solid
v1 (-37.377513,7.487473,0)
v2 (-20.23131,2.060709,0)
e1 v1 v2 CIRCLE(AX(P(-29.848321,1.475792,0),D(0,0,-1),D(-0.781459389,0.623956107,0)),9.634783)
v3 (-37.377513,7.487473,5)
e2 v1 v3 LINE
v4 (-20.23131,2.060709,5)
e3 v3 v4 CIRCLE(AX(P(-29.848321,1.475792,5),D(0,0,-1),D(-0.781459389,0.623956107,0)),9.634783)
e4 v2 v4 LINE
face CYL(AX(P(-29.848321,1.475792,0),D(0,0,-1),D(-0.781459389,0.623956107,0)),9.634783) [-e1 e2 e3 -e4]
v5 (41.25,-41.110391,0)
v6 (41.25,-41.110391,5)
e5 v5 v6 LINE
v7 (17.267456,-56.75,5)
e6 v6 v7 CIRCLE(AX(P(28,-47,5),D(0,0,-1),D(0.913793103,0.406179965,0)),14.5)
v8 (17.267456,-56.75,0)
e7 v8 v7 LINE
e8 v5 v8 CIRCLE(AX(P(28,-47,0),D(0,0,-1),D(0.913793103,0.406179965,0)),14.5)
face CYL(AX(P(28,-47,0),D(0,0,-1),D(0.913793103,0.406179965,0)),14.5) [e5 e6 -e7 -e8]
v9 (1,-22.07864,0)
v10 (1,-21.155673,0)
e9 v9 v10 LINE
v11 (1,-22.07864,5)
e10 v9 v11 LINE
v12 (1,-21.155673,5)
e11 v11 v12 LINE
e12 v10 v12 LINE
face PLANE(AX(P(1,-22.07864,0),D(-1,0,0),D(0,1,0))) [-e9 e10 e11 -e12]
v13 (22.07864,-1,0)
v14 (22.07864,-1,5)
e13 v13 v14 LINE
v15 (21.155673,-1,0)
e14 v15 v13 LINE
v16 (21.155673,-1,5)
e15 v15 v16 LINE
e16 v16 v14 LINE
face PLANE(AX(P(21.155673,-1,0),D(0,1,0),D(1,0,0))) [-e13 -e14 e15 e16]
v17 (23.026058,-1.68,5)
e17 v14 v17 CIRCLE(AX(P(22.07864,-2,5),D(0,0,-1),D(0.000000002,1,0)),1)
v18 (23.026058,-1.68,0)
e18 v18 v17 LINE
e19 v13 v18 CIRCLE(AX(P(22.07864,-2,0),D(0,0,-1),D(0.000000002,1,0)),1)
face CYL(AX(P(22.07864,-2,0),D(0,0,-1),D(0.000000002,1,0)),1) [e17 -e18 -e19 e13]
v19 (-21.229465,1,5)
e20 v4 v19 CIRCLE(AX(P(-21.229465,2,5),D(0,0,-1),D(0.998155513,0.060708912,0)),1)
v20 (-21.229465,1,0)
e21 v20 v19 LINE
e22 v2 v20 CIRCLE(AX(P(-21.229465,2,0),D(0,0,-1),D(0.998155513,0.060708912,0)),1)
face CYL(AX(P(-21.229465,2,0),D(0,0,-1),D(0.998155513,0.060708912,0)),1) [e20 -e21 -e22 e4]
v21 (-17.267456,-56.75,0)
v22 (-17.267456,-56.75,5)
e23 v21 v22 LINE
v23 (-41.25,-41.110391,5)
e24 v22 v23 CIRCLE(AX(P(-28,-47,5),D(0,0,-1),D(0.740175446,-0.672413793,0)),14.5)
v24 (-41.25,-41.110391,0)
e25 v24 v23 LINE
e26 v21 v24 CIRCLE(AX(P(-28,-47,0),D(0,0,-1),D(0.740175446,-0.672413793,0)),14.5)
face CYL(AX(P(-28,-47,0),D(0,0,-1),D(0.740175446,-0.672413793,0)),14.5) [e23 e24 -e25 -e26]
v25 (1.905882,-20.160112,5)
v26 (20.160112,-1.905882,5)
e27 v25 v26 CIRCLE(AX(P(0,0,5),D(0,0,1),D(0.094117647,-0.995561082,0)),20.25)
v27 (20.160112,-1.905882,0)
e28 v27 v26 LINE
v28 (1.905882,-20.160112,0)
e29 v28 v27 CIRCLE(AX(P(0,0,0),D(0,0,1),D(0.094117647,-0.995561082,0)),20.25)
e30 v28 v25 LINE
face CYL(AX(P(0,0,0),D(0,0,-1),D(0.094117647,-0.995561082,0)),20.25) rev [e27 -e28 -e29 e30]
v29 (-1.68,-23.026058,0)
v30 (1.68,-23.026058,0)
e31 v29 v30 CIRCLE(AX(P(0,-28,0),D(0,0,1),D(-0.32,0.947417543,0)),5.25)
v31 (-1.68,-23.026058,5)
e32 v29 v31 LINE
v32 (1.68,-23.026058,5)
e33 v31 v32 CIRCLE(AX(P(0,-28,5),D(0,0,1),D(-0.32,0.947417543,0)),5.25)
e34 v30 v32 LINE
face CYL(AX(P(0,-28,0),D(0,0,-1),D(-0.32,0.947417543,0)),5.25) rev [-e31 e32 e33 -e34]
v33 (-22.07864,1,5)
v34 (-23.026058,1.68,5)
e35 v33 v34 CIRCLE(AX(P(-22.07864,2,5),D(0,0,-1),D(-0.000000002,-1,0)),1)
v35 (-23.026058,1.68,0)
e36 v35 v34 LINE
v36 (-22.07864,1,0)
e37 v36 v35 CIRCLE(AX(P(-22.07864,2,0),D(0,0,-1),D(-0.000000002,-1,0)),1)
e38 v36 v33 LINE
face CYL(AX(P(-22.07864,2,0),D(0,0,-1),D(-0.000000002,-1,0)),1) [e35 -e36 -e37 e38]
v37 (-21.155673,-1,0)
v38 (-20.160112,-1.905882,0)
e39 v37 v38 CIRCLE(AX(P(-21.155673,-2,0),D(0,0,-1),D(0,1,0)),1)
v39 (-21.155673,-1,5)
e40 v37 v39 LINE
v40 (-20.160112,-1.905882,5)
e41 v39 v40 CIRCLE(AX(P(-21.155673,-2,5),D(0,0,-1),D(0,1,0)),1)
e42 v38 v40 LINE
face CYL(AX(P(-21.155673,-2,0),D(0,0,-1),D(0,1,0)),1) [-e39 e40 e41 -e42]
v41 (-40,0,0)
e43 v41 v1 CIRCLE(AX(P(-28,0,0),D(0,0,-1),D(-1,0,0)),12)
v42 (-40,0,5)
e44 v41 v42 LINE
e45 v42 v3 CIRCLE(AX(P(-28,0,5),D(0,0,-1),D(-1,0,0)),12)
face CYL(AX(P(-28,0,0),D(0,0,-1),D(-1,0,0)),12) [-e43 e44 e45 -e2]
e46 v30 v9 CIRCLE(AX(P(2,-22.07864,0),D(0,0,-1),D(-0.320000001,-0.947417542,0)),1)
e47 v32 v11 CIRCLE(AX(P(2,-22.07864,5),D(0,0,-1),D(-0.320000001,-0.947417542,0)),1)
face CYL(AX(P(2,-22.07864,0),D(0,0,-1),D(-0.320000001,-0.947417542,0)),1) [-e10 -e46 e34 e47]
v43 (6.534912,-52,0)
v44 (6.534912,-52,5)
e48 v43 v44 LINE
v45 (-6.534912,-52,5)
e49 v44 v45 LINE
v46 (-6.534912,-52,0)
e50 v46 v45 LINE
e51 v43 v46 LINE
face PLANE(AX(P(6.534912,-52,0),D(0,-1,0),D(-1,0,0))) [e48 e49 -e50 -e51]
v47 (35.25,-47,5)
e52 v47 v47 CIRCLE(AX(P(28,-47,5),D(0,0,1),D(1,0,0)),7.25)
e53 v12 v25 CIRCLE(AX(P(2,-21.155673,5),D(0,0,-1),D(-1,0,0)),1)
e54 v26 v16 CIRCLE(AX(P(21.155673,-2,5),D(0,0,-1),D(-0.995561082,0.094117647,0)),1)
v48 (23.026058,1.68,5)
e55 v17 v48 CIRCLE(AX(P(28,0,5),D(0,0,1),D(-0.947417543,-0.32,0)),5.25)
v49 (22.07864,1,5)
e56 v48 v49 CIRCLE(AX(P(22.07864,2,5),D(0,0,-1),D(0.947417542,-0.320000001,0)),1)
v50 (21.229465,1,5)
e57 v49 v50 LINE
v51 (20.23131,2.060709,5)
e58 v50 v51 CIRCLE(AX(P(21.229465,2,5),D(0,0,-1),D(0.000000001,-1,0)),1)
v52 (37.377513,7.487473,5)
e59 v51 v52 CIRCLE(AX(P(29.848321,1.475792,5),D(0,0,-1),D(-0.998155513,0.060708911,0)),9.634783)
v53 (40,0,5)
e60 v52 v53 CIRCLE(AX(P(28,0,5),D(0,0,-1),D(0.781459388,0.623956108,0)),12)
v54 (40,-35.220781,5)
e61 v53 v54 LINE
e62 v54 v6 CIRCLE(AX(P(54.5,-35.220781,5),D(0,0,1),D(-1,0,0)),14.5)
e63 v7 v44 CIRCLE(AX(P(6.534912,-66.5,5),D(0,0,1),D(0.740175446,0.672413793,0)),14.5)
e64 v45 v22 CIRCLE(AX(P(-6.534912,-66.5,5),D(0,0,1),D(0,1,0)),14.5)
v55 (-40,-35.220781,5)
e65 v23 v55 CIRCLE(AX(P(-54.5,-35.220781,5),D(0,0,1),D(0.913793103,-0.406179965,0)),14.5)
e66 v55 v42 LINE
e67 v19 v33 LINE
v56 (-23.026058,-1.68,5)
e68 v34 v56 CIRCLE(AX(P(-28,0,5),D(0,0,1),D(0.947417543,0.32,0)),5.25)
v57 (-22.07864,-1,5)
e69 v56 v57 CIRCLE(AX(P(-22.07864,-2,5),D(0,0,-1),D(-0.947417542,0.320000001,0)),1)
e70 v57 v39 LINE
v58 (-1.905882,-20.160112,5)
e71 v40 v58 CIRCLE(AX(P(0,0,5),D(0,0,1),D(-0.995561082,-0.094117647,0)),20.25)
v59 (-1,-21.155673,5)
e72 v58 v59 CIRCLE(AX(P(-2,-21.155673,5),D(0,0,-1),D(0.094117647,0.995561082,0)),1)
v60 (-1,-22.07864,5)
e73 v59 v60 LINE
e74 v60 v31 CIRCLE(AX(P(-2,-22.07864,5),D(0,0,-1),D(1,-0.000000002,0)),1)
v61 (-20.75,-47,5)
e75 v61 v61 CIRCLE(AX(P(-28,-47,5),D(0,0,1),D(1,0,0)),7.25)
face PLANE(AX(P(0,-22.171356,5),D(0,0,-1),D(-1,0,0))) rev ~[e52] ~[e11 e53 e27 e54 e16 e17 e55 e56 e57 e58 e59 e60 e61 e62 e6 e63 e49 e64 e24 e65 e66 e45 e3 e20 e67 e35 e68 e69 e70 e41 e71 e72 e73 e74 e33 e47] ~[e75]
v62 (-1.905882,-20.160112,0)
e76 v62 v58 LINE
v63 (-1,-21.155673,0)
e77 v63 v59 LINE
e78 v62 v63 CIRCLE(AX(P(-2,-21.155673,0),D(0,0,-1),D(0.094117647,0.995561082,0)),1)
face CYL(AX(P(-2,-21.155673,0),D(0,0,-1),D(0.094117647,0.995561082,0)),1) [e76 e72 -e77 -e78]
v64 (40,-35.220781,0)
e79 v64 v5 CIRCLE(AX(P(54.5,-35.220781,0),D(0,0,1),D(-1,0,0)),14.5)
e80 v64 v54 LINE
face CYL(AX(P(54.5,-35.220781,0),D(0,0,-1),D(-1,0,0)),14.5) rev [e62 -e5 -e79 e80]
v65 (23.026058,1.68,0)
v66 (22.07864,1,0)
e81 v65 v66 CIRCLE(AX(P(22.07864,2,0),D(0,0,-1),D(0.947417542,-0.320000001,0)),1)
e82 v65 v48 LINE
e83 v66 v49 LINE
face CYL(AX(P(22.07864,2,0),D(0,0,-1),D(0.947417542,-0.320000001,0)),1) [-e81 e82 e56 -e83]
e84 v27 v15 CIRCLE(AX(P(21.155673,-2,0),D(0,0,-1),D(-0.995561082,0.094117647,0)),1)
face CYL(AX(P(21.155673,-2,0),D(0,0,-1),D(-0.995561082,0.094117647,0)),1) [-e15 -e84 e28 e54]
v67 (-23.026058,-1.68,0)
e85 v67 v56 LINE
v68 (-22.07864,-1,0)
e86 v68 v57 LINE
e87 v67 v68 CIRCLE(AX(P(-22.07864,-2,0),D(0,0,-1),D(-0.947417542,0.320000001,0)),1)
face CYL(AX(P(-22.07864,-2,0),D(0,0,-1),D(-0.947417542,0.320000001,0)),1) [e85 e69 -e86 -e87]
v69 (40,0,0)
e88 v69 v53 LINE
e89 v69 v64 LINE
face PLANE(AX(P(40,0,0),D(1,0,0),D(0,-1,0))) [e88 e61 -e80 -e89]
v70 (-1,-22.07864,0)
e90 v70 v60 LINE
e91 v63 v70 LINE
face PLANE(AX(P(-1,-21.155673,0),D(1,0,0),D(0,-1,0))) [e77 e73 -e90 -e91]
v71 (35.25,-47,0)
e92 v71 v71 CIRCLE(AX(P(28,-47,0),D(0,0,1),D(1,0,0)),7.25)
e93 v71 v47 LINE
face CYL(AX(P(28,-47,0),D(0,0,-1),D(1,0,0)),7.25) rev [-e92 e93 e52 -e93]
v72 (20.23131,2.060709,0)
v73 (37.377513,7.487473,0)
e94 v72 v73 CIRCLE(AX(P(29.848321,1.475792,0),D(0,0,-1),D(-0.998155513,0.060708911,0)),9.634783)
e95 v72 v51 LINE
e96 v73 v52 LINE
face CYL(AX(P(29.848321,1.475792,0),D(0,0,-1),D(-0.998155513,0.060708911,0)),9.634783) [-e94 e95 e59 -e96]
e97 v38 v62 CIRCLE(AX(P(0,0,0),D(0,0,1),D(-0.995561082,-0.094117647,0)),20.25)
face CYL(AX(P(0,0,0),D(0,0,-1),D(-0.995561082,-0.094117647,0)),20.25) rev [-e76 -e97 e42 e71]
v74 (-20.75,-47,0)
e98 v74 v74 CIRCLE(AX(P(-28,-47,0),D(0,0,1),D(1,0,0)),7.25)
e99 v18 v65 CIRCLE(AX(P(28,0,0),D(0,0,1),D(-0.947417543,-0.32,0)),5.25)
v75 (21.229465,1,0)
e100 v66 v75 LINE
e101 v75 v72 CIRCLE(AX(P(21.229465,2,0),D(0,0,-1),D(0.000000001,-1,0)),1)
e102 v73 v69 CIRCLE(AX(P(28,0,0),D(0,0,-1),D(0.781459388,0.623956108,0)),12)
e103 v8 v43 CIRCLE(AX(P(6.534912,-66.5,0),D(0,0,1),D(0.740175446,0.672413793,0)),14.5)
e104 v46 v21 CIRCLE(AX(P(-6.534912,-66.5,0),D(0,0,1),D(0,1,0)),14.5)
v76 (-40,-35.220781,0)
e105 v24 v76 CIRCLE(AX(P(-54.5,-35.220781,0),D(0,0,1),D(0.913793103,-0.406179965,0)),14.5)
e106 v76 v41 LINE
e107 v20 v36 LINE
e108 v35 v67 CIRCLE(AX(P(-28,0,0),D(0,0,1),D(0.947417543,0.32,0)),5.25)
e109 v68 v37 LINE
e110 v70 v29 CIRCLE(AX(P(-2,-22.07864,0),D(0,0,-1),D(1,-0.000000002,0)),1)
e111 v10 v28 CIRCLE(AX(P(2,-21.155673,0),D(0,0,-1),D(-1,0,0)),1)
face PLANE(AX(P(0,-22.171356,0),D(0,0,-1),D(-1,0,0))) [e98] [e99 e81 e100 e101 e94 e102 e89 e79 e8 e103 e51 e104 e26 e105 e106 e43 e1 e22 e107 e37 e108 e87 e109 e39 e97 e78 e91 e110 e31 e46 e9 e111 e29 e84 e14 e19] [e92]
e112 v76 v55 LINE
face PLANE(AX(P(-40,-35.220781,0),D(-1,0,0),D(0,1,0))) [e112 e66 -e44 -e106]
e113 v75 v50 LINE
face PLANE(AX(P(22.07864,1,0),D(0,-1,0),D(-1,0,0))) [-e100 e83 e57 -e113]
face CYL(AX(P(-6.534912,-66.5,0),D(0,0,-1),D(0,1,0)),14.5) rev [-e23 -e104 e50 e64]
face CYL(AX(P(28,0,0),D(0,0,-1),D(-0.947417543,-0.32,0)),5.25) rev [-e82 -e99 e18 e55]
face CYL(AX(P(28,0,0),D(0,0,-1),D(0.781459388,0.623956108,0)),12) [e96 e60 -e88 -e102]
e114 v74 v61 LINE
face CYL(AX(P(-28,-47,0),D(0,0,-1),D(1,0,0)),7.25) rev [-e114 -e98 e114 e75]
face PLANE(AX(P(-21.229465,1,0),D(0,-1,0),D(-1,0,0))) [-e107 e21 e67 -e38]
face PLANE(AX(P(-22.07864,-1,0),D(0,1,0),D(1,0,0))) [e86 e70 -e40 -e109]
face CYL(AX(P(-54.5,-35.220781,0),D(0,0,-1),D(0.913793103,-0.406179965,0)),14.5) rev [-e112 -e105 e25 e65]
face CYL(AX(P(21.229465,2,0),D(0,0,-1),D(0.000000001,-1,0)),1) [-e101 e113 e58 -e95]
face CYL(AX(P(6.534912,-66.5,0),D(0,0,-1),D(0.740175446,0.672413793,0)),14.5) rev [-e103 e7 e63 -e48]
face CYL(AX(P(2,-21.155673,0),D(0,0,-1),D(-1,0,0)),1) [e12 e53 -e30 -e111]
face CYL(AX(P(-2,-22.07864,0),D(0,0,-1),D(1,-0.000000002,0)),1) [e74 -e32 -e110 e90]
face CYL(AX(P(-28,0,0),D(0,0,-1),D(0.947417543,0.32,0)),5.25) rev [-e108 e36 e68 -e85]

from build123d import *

# Parameters (mm, degrees)
SKETCH1_R      = 7.25
EXTRUDE1_DEPTH = 5


with BuildPart() as part:
    # Sketch1 → Extrude1 (new body)
    with BuildSketch(Plane.XY):
        with BuildLine():
            Line((21.155672998, -1), (22.078640359, -1))
            ThreePointArc((22.078640359, -1), (22.661735548, -1.18759616), (23.026057901, -1.68))
            ThreePointArc((23.026057901, -1.68), (33.25, 0), (23.026057901, 1.68))
            ThreePointArc((23.026057901, 1.68), (22.661735548, 1.18759616), (22.078640359, 1))
            Line((22.078640359, 1), (21.2294652, 1))
            ThreePointArc((21.2294652, 1), (20.50121081, 1.314693102), (20.231309687, 2.060708911))
            ThreePointArc((20.231309687, 2.060708911), (26.941055993, 10.661478857), (37.377512662, 7.48747329))
            ThreePointArc((37.377512662, 7.48747329), (39.325417254, 3.966727118), (40, 0))
            Line((40, 0), (40, -35.220781011))
            ThreePointArc((40, -35.220781011), (40.315942047, -38.231179655), (41.25, -41.110390505))
            ThreePointArc((41.25, -41.110390505), (35.920463529, -59.145627093), (17.267456033, -56.75))
            ThreePointArc((17.267456033, -56.75), (12.403259363, -53.240569394), (6.534912066, -52))
            Line((6.534912066, -52), (-6.534912066, -52))
            ThreePointArc((-6.534912066, -52), (-12.403259363, -53.240569394), (-17.267456033, -56.75))
            ThreePointArc((-17.267456033, -56.75), (-35.920463529, -59.145627093), (-41.25, -41.110390505))
            ThreePointArc((-41.25, -41.110390505), (-40.315942047, -38.231179655), (-40, -35.220781011))
            Line((-40, -35.220781011), (-40, 0))
            ThreePointArc((-40, 0), (-39.325417254, 3.966727118), (-37.377512662, 7.48747329))
            ThreePointArc((-37.377512662, 7.48747329), (-26.941055993, 10.661478857), (-20.231309687, 2.060708911))
            ThreePointArc((-20.231309687, 2.060708911), (-20.50121081, 1.314693102), (-21.2294652, 1))
            Line((-21.2294652, 1), (-22.078640359, 1))
            ThreePointArc((-22.078640359, 1), (-22.661735548, 1.18759616), (-23.026057901, 1.68))
            ThreePointArc((-23.026057901, 1.68), (-33.25, 0), (-23.026057901, -1.68))
            ThreePointArc((-23.026057901, -1.68), (-22.661735548, -1.18759616), (-22.078640359, -1))
            Line((-22.078640359, -1), (-21.155672998, -1))
            ThreePointArc((-21.155672998, -1), (-20.482663952, -1.26036575), (-20.160111916, -1.905882353))
            ThreePointArc((-20.160111916, -1.905882353), (-14.318912319, -14.318912319), (-1.905882353, -20.160111916))
            ThreePointArc((-1.905882353, -20.160111916), (-1.26036575, -20.482663952), (-1, -21.155672998))
            Line((-1, -21.155672998), (-1, -22.078640359))
            ThreePointArc((-1, -22.078640359), (-1.18759616, -22.661735548), (-1.68, -23.026057901))
            ThreePointArc((-1.68, -23.026057901), (0, -33.25), (1.68, -23.026057901))
            ThreePointArc((1.68, -23.026057901), (1.18759616, -22.661735548), (1, -22.078640359))
            Line((1, -22.078640359), (1, -21.155672998))
            ThreePointArc((1, -21.155672998), (1.26036575, -20.482663952), (1.905882353, -20.160111916))
            ThreePointArc((1.905882353, -20.160111916), (14.318912319, -14.318912319), (20.160111916, -1.905882353))
            ThreePointArc((20.160111916, -1.905882353), (20.482663952, -1.26036575), (21.155672998, -1))
        make_face()
        with Locations((28, -47)):
            Circle(SKETCH1_R, mode=Mode.SUBTRACT)
        with Locations((-28, -47)):
            Circle(SKETCH1_R, mode=Mode.SUBTRACT)
    extrude(amount=EXTRUDE1_DEPTH)


solid = part.part
